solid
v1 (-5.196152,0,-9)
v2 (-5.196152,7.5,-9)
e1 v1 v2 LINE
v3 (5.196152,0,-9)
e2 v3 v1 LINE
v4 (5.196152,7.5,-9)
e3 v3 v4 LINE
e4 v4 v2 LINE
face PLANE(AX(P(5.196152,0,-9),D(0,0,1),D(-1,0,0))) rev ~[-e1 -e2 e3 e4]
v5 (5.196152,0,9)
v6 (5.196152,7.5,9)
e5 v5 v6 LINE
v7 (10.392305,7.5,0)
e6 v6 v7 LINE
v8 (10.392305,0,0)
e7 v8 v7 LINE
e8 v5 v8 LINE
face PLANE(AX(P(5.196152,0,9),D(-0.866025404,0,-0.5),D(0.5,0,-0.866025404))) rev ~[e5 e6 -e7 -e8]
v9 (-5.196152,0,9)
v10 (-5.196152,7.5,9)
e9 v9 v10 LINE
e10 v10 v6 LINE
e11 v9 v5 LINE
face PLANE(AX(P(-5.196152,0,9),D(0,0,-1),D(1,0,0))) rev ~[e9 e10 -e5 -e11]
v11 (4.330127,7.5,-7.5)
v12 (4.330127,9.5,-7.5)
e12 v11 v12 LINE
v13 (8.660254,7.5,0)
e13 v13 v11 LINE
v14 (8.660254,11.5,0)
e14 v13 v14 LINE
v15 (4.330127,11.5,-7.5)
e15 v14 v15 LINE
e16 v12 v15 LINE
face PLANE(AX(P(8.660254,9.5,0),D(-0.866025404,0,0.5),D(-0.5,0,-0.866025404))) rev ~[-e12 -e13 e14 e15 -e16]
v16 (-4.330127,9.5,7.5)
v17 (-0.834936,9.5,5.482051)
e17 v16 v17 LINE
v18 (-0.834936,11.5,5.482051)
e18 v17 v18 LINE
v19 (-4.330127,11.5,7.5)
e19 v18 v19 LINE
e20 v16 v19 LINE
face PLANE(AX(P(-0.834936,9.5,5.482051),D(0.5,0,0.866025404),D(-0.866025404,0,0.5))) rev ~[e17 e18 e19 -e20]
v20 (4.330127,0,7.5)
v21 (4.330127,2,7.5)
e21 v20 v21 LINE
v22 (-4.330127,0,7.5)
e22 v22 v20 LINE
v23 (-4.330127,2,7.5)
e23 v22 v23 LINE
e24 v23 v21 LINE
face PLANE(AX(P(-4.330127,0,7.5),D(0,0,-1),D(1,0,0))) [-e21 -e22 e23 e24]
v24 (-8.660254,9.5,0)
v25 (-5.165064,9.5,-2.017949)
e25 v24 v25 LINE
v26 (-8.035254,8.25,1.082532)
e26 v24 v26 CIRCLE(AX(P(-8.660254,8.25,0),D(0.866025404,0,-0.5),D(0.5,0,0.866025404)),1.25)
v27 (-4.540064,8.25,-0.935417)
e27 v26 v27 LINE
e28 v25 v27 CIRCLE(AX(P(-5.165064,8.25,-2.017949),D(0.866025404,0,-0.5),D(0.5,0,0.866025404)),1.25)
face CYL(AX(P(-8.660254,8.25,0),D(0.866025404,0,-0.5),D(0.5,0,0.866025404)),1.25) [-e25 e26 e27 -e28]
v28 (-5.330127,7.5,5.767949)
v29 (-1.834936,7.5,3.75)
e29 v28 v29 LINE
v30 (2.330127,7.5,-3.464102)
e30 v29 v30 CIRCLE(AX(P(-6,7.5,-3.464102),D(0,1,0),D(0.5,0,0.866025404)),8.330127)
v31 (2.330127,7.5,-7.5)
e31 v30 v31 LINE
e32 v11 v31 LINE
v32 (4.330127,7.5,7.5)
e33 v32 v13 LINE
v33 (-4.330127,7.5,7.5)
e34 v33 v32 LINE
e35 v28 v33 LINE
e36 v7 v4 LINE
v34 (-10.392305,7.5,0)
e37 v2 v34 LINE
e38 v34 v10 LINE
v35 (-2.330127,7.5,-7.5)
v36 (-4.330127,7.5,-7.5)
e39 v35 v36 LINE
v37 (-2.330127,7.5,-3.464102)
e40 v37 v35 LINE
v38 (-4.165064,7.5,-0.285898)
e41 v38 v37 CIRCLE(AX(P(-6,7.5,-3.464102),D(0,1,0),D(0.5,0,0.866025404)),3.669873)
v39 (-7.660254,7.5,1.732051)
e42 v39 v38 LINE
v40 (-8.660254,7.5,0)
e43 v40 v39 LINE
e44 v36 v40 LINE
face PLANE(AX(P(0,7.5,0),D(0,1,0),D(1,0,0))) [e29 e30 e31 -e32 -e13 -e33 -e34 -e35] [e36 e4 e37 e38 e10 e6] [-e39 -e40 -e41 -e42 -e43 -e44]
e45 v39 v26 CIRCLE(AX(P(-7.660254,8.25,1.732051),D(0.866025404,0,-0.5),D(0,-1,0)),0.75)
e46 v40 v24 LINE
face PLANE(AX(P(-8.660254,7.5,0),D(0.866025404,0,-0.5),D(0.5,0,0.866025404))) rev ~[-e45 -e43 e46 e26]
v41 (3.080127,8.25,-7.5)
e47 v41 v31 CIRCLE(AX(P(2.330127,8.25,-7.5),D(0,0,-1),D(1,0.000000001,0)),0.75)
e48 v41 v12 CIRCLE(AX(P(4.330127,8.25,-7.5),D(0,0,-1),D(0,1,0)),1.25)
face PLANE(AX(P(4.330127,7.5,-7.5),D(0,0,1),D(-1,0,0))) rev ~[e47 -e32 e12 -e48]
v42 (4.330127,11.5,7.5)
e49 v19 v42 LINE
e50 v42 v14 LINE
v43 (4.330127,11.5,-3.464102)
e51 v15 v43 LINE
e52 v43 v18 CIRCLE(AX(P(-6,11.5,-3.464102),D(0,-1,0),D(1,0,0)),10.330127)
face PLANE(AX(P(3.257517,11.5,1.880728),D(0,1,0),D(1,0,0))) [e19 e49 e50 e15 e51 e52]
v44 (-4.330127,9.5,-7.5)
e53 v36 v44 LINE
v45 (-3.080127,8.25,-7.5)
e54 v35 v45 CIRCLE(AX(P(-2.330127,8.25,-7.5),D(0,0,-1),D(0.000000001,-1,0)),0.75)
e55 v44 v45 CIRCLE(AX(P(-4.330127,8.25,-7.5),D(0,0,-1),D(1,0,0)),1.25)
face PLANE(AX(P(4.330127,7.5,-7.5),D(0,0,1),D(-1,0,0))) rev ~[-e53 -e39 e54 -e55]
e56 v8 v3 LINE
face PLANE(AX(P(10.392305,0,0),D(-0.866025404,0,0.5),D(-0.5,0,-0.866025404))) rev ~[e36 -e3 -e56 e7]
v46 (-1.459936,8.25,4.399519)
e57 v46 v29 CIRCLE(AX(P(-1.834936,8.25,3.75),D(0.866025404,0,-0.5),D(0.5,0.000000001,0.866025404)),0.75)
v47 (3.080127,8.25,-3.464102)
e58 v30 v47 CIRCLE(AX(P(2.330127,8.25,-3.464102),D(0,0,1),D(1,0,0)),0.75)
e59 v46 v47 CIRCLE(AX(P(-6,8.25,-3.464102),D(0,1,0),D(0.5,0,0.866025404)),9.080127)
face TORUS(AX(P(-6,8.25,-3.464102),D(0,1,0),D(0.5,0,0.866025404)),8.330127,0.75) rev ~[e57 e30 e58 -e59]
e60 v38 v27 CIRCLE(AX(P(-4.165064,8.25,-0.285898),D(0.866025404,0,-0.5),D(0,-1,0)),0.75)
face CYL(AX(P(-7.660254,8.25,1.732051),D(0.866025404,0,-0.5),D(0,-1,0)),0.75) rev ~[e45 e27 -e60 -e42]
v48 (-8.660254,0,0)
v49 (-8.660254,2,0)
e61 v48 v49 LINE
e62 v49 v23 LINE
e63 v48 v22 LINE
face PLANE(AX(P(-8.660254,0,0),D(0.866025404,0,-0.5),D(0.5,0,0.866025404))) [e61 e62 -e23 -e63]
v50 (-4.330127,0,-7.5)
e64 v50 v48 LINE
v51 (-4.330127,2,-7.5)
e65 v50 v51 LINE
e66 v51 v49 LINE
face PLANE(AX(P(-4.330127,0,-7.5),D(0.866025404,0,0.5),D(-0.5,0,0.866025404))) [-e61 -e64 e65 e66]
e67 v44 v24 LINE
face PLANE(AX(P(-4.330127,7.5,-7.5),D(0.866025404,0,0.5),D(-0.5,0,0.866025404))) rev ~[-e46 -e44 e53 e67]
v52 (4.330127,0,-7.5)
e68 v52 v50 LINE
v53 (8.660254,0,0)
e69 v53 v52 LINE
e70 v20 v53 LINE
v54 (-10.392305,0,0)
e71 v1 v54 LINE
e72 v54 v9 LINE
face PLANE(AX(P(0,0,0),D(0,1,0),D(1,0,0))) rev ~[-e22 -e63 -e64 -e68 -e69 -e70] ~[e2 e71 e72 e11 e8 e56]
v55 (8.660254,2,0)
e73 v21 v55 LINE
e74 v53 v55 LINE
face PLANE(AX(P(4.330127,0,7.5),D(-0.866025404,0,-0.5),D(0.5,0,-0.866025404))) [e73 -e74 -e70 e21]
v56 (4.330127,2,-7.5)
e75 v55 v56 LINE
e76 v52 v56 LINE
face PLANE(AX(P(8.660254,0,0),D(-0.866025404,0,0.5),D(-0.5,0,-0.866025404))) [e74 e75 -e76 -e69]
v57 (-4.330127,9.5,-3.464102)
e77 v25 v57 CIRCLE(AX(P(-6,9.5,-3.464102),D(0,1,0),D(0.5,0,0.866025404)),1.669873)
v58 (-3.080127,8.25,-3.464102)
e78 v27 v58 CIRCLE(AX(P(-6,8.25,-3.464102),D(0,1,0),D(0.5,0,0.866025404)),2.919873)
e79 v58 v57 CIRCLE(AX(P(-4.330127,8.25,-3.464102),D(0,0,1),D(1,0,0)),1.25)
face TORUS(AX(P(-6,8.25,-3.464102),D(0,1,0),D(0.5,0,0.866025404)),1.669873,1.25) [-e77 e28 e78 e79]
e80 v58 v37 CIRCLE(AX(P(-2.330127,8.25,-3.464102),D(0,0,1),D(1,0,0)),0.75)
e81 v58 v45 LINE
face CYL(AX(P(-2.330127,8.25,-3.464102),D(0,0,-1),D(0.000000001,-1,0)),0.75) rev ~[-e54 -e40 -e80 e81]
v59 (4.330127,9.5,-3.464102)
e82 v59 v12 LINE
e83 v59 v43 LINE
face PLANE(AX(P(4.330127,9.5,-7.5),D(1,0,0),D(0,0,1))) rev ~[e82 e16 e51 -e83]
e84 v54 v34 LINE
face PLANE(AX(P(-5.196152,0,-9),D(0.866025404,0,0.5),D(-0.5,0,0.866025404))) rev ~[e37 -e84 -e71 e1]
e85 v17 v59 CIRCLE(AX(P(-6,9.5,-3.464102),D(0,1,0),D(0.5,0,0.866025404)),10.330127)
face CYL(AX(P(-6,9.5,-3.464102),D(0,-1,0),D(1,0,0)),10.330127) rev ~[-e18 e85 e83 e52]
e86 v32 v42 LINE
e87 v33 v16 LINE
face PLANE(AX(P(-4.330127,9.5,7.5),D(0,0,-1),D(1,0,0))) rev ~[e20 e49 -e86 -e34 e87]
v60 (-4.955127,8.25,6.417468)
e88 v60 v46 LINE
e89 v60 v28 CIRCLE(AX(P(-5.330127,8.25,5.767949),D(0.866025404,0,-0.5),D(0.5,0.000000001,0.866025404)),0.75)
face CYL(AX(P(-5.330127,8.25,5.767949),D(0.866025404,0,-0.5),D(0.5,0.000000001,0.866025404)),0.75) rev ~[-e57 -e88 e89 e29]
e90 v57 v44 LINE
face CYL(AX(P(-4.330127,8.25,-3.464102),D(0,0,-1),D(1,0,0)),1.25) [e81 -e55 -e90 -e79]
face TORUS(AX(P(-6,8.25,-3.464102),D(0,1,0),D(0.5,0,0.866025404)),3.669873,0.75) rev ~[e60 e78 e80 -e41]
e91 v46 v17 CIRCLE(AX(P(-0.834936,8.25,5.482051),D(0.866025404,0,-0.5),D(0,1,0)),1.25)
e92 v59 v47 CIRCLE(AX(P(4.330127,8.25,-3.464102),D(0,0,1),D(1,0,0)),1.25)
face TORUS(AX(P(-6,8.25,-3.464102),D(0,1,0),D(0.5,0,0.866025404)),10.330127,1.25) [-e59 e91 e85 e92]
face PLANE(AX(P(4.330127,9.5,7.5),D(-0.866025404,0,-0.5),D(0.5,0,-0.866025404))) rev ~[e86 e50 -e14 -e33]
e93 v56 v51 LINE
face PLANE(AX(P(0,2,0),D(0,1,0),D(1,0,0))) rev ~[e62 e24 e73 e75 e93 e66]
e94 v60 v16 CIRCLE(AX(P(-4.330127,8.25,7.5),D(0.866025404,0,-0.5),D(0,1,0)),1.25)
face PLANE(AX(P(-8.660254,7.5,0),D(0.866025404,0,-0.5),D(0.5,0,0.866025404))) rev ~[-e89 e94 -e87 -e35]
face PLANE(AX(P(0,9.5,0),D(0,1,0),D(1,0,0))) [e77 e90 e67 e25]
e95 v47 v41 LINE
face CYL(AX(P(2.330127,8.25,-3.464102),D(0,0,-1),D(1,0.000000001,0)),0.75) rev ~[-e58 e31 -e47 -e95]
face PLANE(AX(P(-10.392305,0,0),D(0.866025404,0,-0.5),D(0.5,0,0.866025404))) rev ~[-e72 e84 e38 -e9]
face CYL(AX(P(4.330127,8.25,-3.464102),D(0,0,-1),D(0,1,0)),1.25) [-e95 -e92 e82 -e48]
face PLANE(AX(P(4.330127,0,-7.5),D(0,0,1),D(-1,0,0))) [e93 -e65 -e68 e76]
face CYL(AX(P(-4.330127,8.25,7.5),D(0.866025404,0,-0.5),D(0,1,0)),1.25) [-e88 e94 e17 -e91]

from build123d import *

# Parameters (mm, degrees)
BOSS_EXTRUDE1_DEPTH = 7.5
CUT_EXTRUDE1_DEPTH  = 2
BOSS_EXTRUDE2_DEPTH = 2
BOSS_EXTRUDE3_DEPTH = 2


with BuildPart() as part:
    # Sketch1 → Boss-Extrude1 (new body)
    with BuildSketch(Plane(origin=(0, 0, 0), x_dir=(1, 0, 0), z_dir=(0, 1, 0))):
        Polygon((5.196152423, -9), (10.392304845, 0), (5.196152423, 9), (-5.196152423, 9), (-10.392304845, 0), (-5.196152423, -9), align=None)
    extrude(amount=BOSS_EXTRUDE1_DEPTH)

    # Sketch1<3> → Cut-Extrude1 (cut)
    with BuildSketch(Plane(origin=(0, 0, 0), x_dir=(1, 0, 0), z_dir=(0, 1, 0))):
        Polygon((4.330127019, -7.5), (8.660254038, 0), (4.330127019, 7.5), (-4.330127019, 7.5), (-8.660254038, 0), (-4.330127019, -7.5), align=None)
    extrude(amount=CUT_EXTRUDE1_DEPTH, mode=Mode.SUBTRACT)

    # Sketch4 → Boss-Extrude2 (add)
    with BuildSketch(Plane(origin=(0, 7.5, 0), x_dir=(1, 0, 0), z_dir=(0, 1, 0))):
        Polygon((8.660254038, 0), (4.330127019, 7.5), (-4.330127019, 7.5), (-8.660254038, 0), (-4.330127019, -7.5), (4.330127019, -7.5), align=None)
    extrude(amount=BOSS_EXTRUDE2_DEPTH)

    # Cut-Sweep3: sweep along a path in Sketch7
    with BuildLine(Plane(origin=(0, 9.5, 0), x_dir=(1, 0, 0), z_dir=(0, 1, 0))) as cut_sweep3_path:
        Line((-6.495190528, -3.75), (-3, -1.732050808))
        ThreePointArc((-3, -1.732050808), (-0.803847577, 0.464101615), (0, 3.464101615))
        Line((0, 3.464101615), (0, 7.5))
    # Sketch5 → Cut-Sweep3 (sweep, cut)
    with BuildSketch(Plane(origin=(-6.495190528, 0, 3.75), x_dir=(0.5000000000000006, 0, 0.8660254037844384), z_dir=(-0.8660254037844384, 0, 0.5000000000000006))):
        with BuildLine():
            Line((-4.330127019, 9.5), (4.330127019, 9.5))
            ThreePointArc((4.330127019, 9.5), (3.446243542, 9.133883476), (3.080127019, 8.25))
            ThreePointArc((3.080127019, 8.25), (2.860457105, 7.719669914), (2.330127019, 7.5))
            Line((2.330127019, 7.5), (-2.330127019, 7.5))
            ThreePointArc((-2.330127019, 7.5), (-2.860457105, 7.719669914), (-3.080127019, 8.25))
            ThreePointArc((-3.080127019, 8.25), (-3.446243542, 9.133883476), (-4.330127019, 9.5))
        make_face()
    sweep(path=cut_sweep3_path.line, mode=Mode.SUBTRACT)

    # Sketch8 → Boss-Extrude3 (add)
    with BuildSketch(Plane(origin=(0, 9.5, 0), x_dir=(1, 0, 0), z_dir=(0, 1, 0))):
        with BuildLine():
            Line((-0.834936491, -5.482050808), (-4.330127019, -7.5))
            Line((-4.330127019, -7.5), (4.330127019, -7.5))
            Line((4.330127019, -7.5), (8.660254038, 0))
            Line((8.660254038, 0), (4.330127019, 7.5))
            Line((4.330127019, 7.5), (4.330127019, 3.464101615))
            ThreePointArc((4.330127019, 3.464101615), (2.946152423, -1.700961894), (-0.834936491, -5.482050808))
        make_face()
    extrude(amount=BOSS_EXTRUDE3_DEPTH)


solid = part.part
